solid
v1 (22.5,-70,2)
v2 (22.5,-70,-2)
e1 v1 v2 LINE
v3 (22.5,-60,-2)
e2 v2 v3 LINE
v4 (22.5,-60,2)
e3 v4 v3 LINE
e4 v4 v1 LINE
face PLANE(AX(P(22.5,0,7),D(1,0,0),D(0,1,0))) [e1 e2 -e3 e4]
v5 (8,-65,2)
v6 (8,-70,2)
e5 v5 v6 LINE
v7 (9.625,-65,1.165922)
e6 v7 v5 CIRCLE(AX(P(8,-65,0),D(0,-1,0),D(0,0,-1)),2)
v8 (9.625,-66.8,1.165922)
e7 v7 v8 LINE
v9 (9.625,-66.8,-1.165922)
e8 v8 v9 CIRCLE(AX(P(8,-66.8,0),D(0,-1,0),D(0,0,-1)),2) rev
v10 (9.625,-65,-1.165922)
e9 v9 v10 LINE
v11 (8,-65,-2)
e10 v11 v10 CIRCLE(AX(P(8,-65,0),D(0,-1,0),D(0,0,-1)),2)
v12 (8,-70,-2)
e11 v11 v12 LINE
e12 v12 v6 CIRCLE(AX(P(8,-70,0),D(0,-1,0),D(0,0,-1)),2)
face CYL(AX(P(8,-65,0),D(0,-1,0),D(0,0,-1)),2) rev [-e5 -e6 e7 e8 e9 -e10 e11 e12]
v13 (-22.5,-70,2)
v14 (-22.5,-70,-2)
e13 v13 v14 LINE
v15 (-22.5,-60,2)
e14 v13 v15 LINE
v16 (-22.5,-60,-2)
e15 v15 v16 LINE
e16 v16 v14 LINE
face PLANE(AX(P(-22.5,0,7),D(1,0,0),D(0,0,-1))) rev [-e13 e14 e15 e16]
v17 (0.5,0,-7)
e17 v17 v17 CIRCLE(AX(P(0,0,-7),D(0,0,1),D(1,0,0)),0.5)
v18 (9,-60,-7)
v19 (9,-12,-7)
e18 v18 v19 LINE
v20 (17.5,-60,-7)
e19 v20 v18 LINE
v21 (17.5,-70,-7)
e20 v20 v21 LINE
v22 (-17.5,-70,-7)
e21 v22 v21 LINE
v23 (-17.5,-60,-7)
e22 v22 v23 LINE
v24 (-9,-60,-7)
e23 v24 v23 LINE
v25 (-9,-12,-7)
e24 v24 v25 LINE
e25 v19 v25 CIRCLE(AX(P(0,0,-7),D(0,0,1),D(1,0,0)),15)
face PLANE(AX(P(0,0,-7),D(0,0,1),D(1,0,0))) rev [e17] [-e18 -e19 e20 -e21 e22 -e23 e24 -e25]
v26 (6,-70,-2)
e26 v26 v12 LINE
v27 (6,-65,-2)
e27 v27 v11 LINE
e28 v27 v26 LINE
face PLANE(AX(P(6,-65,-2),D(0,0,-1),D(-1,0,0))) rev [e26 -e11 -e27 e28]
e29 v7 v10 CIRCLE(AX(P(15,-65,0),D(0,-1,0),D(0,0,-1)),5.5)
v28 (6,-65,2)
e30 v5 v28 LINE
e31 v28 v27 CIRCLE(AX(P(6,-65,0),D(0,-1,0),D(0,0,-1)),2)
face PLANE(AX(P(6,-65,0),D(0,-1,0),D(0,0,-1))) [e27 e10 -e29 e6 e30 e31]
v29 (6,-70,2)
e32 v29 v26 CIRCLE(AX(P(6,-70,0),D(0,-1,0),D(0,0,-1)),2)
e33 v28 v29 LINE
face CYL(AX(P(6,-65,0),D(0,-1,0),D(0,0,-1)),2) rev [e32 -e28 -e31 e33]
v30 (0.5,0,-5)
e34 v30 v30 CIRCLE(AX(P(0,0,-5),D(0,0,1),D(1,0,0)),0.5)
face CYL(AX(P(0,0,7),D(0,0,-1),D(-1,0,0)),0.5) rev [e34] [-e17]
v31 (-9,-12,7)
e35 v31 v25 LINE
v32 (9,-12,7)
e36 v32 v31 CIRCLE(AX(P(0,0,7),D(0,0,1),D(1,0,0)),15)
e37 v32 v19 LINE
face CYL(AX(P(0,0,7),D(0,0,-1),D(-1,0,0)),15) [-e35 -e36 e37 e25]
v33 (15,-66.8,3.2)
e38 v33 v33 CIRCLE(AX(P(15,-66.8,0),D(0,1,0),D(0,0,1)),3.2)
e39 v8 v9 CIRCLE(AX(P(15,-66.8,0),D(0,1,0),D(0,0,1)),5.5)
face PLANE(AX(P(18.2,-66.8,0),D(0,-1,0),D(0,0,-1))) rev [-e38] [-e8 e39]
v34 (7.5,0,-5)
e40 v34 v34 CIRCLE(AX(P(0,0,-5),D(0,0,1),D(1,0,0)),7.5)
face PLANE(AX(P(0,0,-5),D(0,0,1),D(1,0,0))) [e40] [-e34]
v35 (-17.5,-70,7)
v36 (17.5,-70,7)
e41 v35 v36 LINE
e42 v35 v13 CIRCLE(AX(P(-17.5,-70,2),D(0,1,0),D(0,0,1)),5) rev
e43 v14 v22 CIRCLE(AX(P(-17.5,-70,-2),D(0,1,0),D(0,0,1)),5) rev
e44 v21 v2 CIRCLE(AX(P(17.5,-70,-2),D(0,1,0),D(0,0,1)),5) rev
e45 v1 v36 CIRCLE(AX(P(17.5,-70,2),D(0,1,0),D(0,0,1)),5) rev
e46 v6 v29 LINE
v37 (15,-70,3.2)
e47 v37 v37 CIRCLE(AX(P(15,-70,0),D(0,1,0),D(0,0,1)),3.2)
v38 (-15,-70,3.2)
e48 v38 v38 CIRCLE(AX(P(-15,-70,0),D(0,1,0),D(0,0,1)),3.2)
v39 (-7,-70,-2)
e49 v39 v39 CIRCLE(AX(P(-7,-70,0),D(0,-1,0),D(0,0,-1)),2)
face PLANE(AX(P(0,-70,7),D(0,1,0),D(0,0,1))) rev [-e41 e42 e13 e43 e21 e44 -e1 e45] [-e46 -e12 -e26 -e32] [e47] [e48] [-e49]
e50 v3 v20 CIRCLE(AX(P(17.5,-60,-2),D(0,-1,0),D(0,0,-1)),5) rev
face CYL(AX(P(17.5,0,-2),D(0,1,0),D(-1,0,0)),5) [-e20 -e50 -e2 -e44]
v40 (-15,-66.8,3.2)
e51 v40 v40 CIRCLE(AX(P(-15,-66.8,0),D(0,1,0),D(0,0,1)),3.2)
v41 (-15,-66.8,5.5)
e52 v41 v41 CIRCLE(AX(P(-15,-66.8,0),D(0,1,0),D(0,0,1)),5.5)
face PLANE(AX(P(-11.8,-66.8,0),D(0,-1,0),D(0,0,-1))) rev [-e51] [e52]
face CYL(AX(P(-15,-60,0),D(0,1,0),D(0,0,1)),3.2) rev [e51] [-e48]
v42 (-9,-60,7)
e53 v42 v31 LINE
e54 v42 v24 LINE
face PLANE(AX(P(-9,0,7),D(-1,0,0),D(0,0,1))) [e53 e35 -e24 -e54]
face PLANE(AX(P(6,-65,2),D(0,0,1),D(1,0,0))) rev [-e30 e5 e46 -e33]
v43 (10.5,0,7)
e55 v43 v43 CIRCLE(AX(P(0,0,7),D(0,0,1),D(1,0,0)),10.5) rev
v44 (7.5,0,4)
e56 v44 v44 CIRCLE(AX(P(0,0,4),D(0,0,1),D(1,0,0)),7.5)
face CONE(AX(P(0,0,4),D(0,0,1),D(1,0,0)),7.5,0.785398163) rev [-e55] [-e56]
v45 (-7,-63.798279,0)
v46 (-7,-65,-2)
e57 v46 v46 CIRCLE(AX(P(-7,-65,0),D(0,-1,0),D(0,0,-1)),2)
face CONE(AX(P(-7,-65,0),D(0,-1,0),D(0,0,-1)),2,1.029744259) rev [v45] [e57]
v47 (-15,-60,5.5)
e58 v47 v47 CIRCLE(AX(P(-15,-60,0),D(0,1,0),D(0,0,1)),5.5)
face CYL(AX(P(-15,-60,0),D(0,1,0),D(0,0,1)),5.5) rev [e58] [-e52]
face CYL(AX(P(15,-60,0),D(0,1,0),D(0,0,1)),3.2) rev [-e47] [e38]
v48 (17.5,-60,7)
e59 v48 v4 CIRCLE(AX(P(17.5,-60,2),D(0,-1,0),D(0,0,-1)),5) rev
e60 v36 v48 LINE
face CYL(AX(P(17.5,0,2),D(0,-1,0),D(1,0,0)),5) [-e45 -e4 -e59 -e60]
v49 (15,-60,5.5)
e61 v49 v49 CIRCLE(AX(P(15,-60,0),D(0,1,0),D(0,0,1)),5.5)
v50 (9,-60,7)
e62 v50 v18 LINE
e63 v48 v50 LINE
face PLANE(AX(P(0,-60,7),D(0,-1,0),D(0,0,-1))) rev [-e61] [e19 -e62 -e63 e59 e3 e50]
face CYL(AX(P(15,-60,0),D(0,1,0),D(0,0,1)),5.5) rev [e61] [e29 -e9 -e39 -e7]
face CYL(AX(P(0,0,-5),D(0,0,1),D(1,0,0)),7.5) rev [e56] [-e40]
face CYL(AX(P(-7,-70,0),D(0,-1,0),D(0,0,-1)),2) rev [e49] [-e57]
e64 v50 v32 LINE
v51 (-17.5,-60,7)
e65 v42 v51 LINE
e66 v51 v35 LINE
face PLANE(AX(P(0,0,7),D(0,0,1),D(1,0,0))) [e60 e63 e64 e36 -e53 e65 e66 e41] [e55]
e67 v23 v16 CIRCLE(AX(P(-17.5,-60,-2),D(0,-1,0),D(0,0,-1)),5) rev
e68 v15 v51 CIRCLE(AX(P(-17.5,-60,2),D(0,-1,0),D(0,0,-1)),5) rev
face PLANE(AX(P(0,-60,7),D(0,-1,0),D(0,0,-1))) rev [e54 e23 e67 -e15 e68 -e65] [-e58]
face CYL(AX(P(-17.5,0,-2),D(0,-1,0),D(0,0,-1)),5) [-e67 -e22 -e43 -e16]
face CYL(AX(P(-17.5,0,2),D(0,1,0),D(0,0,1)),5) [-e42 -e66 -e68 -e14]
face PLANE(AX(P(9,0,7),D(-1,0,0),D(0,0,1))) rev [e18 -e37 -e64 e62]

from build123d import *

# Parameters (mm, degrees)
SKETCH_1_R                = 15
SKETCH_1_R_2              = 0.5
EXTRUDE_1_DEPTH           = 7
CUT_EXTRUDE_START         = -12
SKETCH_2_R                = 7.5
SKETCH_2_R_2              = 0.5
CUT_EXTRUDE_1_DEPTH       = 12
CHAMFER_1_SIZE            = 3
EXTRUDE_2_DEPTH           = 7
CUT_EXTRUDE_2_DEPTH       = 5
FILLET_1_R                = 5
MM_1_D                    = 4
MM_1_DEPTH                = 5
MM_1_TIP                  = 1.201721238
HOLE_WIZARD_1_D           = 6.4
HOLE_WIZARD_1_DEPTH       = 10
HOLE_WIZARD_1_CBORE_D     = 11
HOLE_WIZARD_1_CBORE_DEPTH = 6.8


with BuildPart() as part:
    # 草图1 → 凸台-拉伸1 (new, symmetric)
    with BuildSketch(Plane.XY):
        Circle(SKETCH_1_R)
        Circle(SKETCH_1_R_2, mode=Mode.SUBTRACT)
    extrude(amount=EXTRUDE_1_DEPTH, both=True)

    # 草图2 → 切除-拉伸1 (cut)
    with BuildSketch(Plane.XY.offset(7).offset(CUT_EXTRUDE_START)):
        Circle(SKETCH_2_R)
        Circle(SKETCH_2_R_2, mode=Mode.SUBTRACT)
    extrude(amount=CUT_EXTRUDE_1_DEPTH, mode=Mode.SUBTRACT)

    # 倒角1
    chamfer_1_edges = [part.edges().sort_by_distance(p)[0] for p in [
        (-7.5, 0, 7),
    ]]
    chamfer(chamfer_1_edges, length=CHAMFER_1_SIZE)

    # 草图3 → 凸台-拉伸2 (add, symmetric)
    with BuildSketch(Plane.XY):
        with BuildLine():
            Line((-22.5, -60), (-22.5, -70))
            Line((-22.5, -70), (22.5, -70))
            Line((22.5, -70), (22.5, -60))
            Line((22.5, -60), (9, -60))
            Line((9, -60), (9, -12))
            ThreePointArc((9, -12), (0, -15), (-9, -12))
            Line((-9, -12), (-9, -60))
            Line((-9, -60), (-22.5, -60))
        make_face()
    extrude(amount=EXTRUDE_2_DEPTH, both=True)

    # 草图4 → 切除-拉伸2 (cut)
    with BuildSketch(Plane.XZ.offset(70)):
        with BuildLine():
            Line((6, 2), (8, 2))
            ThreePointArc((8, 2), (10, 0), (8, -2))
            Line((8, -2), (6, -2))
            ThreePointArc((6, -2), (4, 0), (6, 2))
        make_face()
    extrude(amount=-CUT_EXTRUDE_2_DEPTH, mode=Mode.SUBTRACT)

    # 圆角1
    fillet_1_edges = [part.edges().sort_by_distance(p)[0] for p in [
        (-22.5, -65, -7),
        (22.5, -65, 7),
        (-22.5, -65, 7),
        (22.5, -65, -7),
    ]]
    fillet(fillet_1_edges, radius=FILLET_1_R)

    # 大小mm 暗销孔1
    with Locations(Plane(origin=(-7, -70, 0), x_dir=(0, 0, -1), z_dir=(0, -1, 0))):
        with Locations((0, 0)):
            Hole(MM_1_D / 2, depth=MM_1_DEPTH)
            with Locations((0, 0, -(MM_1_DEPTH + MM_1_TIP / 2))):  # 118° drill point
                Cone(0, MM_1_D / 2, MM_1_TIP, mode=Mode.SUBTRACT)

    # 打孔尺寸(%根据)内六角圆柱头螺钉的类型1
    with Locations(Plane(origin=(-15, -60, 0), x_dir=(0, 0, 1), z_dir=(0, 1, 0))):
        with Locations((0, 0), (0, 30)):
            CounterBoreHole(HOLE_WIZARD_1_D / 2, HOLE_WIZARD_1_CBORE_D / 2, HOLE_WIZARD_1_CBORE_DEPTH, depth=HOLE_WIZARD_1_DEPTH)


solid = part.part
